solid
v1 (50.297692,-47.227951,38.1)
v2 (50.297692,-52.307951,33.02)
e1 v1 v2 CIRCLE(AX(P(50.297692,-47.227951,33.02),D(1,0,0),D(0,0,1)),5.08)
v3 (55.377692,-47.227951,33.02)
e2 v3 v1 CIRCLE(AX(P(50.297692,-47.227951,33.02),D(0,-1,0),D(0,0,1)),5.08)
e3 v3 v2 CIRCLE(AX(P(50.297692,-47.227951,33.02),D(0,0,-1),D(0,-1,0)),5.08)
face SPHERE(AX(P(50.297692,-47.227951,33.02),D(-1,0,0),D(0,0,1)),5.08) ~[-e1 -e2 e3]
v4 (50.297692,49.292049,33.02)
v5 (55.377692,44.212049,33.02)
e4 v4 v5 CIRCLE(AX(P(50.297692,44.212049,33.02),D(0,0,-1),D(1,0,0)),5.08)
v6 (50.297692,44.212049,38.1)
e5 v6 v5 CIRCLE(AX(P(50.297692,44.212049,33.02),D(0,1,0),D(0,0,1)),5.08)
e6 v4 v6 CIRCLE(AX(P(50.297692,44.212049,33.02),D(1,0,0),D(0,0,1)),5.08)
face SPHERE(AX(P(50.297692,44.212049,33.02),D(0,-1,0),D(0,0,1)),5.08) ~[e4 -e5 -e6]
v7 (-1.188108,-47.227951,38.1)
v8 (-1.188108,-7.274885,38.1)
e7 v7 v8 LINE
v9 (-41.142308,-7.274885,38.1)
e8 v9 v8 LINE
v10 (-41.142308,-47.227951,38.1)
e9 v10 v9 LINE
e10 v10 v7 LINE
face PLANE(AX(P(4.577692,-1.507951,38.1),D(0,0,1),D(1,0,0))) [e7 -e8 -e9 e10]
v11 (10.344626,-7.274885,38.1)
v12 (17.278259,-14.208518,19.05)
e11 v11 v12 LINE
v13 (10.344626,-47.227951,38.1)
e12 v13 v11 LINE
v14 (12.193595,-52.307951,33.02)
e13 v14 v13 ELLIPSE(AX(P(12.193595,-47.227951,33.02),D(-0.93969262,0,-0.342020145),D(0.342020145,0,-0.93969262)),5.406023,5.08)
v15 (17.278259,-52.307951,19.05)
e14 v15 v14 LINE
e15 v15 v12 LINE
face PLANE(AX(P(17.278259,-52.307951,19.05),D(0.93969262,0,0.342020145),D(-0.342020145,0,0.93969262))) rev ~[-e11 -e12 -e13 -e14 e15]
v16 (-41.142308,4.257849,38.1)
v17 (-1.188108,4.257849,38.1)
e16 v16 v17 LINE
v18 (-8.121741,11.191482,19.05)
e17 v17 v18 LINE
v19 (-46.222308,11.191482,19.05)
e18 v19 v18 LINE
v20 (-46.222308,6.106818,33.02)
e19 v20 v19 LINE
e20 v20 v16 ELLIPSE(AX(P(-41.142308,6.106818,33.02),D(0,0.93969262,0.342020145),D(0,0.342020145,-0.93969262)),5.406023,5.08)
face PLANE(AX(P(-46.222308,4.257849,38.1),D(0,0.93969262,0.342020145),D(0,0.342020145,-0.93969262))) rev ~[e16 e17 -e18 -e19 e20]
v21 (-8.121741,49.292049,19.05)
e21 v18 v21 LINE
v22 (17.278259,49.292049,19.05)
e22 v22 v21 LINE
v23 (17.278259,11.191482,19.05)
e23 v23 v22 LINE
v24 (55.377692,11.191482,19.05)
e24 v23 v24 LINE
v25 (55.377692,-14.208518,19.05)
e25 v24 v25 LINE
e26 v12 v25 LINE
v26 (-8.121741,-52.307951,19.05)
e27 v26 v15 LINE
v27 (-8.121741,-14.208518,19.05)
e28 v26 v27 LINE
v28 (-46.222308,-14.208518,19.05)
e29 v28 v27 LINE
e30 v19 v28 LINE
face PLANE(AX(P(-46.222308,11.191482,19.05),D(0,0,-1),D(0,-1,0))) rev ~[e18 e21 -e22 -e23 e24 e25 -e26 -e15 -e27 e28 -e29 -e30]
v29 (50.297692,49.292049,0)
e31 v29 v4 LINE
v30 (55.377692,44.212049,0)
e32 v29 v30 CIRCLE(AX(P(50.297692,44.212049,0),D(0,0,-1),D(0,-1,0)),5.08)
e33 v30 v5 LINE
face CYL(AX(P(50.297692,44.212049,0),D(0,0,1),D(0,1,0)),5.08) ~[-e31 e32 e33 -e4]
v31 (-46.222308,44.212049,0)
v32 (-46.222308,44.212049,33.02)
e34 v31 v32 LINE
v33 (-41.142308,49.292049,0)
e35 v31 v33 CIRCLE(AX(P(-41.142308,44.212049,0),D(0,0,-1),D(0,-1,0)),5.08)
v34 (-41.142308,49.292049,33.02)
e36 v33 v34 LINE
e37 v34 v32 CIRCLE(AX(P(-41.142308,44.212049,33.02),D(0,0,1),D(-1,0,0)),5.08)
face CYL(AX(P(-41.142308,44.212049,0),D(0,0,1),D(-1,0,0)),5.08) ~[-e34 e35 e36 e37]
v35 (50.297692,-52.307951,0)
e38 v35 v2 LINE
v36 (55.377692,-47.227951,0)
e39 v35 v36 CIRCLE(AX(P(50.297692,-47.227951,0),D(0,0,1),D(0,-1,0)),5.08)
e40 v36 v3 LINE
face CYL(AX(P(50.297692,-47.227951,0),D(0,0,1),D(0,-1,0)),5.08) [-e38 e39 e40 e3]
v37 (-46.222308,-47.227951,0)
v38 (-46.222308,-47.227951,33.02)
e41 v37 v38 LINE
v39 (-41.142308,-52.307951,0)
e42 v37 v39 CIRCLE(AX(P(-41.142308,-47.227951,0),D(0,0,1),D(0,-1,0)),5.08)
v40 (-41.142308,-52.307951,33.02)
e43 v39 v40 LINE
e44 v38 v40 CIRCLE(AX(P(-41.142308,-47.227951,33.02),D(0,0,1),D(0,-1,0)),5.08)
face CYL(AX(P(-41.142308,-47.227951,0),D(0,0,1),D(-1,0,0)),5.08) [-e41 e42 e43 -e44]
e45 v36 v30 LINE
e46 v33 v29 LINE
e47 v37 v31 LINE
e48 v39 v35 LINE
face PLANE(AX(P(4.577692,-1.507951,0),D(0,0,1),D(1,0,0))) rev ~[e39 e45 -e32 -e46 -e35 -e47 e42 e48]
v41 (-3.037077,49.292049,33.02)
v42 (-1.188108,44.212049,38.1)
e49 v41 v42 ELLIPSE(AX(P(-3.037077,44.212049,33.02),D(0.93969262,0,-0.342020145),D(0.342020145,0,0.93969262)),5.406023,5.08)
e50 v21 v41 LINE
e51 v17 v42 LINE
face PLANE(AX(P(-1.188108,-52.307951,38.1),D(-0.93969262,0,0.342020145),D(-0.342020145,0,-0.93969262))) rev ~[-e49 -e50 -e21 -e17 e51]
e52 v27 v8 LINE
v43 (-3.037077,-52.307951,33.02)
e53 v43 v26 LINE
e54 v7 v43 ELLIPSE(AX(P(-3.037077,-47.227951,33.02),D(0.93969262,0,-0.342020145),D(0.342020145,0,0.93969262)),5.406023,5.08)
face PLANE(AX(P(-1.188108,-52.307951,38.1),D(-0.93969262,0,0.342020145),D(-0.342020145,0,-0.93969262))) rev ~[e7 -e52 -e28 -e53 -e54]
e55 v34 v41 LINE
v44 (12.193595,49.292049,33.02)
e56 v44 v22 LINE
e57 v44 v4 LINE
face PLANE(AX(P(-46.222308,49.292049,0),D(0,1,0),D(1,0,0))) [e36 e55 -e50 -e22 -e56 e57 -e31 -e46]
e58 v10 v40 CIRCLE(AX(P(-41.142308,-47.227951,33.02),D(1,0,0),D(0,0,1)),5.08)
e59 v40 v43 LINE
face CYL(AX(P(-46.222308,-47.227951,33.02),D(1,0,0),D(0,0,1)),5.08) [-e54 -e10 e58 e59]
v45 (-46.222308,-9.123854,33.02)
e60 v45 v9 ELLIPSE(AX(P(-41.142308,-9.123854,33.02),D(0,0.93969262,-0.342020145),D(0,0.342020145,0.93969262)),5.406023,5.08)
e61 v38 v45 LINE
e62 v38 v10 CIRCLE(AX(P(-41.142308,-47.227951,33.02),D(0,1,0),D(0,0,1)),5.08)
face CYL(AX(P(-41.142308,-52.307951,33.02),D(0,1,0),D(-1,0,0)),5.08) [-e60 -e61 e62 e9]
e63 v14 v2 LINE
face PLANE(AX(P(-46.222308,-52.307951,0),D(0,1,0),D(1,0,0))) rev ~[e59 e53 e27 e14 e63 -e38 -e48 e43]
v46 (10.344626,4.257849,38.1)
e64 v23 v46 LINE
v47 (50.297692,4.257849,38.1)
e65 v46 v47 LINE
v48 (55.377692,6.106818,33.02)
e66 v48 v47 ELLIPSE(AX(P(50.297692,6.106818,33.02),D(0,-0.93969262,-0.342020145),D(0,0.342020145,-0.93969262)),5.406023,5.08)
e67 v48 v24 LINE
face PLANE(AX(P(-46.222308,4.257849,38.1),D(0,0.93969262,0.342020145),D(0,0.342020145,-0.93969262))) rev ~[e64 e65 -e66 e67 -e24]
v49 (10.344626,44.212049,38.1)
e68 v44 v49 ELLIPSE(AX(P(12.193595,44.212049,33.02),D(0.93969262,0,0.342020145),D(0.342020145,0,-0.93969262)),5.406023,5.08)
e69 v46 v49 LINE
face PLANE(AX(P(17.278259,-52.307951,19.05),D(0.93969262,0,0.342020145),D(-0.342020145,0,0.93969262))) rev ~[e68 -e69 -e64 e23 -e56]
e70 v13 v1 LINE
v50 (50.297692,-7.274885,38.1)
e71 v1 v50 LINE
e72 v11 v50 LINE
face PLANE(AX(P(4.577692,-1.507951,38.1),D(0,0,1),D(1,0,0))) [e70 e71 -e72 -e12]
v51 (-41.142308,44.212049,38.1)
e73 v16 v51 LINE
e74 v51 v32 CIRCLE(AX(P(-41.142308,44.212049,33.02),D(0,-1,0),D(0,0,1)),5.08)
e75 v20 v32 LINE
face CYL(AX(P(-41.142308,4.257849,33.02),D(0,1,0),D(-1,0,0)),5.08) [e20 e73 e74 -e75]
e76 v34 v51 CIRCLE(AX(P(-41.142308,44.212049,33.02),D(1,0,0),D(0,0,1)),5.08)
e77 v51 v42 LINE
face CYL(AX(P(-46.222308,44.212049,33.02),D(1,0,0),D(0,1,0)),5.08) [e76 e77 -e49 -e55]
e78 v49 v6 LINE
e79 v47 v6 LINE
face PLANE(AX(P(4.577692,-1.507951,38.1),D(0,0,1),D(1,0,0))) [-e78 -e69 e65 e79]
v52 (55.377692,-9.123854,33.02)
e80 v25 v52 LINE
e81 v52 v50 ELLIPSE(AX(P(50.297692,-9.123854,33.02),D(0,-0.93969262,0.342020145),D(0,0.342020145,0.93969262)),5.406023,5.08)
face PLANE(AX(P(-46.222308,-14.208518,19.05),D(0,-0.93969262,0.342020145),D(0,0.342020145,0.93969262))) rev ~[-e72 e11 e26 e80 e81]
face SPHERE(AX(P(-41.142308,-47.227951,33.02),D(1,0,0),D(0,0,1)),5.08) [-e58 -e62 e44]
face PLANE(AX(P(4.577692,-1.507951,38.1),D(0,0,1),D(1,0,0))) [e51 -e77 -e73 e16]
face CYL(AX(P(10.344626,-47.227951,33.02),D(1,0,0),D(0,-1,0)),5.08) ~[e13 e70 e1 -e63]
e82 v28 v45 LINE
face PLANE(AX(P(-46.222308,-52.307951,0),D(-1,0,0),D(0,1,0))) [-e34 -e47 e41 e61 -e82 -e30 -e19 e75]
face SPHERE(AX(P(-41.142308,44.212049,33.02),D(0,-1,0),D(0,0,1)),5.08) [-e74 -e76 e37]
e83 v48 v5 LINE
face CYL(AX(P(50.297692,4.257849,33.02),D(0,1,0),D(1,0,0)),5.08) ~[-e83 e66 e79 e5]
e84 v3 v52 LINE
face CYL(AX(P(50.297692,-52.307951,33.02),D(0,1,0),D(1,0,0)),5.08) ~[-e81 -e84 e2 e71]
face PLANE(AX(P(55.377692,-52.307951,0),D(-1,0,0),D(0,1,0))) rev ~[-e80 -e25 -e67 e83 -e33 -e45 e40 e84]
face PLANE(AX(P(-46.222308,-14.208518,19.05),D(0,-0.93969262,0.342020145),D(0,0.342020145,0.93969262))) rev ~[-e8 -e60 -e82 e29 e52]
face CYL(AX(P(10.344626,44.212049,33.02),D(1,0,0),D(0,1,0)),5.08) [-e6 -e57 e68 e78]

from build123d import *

# Parameters (mm, degrees)
F0_W     = 101.6
F0_H     = 101.6
F1_DEPTH = 38.1
F3_DEPTH = 101.601
F5_DEPTH = 101.601
F6_R     = 5.08


with BuildPart() as f1:
    # F0 (on Top) → F1 (new body)
    with BuildSketch(Plane.XY):
        with Locations((4.577692, -1.507951)):
            Rectangle(F0_W, F0_H)
    extrude(amount=F1_DEPTH)

    # F2 (on face) → F3 (cut, through all)
    with BuildSketch(Plane.XZ.offset(52.307951)):
        Polygon((10.344626, 38.1), (-1.188108, 38.1), (-8.121741, 19.05), (17.278259, 19.05), align=None)
    extrude(amount=-F3_DEPTH, mode=Mode.SUBTRACT)

    # F4 (on face) → F5 (cut, through all)
    with BuildSketch(Plane(origin=(-46.222308, 0, 0), x_dir=(0, -1, 0), z_dir=(-1, 0, 0))):
        Polygon((7.274885, 38.1), (-4.257849, 38.1), (-11.191482, 19.05), (14.208518, 19.05), align=None)
    extrude(amount=-F5_DEPTH, mode=Mode.SUBTRACT)

    # F6
    f6_edges = [f1.edges().sort_by_distance(p)[0] for p in [
        (32.861159, -52.307951, 38.1),
        (-23.705208, -52.307951, 38.1),
        (-46.222308, -29.791418, 38.1),
        (-46.222308, 26.774949, 38.1),
        (55.377692, 26.774949, 38.1),
        (55.377692, -29.791418, 38.1),
        (-23.705208, 49.292049, 38.1),
        (32.861159, 49.292049, 38.1),
        (-46.222308, -52.307951, 19.05),
        (55.377692, -52.307951, 19.05),
        (-46.222308, 49.292049, 19.05),
        (55.377692, 49.292049, 19.05),
    ]]
    fillet(f6_edges, radius=F6_R)


solid = f1.part
